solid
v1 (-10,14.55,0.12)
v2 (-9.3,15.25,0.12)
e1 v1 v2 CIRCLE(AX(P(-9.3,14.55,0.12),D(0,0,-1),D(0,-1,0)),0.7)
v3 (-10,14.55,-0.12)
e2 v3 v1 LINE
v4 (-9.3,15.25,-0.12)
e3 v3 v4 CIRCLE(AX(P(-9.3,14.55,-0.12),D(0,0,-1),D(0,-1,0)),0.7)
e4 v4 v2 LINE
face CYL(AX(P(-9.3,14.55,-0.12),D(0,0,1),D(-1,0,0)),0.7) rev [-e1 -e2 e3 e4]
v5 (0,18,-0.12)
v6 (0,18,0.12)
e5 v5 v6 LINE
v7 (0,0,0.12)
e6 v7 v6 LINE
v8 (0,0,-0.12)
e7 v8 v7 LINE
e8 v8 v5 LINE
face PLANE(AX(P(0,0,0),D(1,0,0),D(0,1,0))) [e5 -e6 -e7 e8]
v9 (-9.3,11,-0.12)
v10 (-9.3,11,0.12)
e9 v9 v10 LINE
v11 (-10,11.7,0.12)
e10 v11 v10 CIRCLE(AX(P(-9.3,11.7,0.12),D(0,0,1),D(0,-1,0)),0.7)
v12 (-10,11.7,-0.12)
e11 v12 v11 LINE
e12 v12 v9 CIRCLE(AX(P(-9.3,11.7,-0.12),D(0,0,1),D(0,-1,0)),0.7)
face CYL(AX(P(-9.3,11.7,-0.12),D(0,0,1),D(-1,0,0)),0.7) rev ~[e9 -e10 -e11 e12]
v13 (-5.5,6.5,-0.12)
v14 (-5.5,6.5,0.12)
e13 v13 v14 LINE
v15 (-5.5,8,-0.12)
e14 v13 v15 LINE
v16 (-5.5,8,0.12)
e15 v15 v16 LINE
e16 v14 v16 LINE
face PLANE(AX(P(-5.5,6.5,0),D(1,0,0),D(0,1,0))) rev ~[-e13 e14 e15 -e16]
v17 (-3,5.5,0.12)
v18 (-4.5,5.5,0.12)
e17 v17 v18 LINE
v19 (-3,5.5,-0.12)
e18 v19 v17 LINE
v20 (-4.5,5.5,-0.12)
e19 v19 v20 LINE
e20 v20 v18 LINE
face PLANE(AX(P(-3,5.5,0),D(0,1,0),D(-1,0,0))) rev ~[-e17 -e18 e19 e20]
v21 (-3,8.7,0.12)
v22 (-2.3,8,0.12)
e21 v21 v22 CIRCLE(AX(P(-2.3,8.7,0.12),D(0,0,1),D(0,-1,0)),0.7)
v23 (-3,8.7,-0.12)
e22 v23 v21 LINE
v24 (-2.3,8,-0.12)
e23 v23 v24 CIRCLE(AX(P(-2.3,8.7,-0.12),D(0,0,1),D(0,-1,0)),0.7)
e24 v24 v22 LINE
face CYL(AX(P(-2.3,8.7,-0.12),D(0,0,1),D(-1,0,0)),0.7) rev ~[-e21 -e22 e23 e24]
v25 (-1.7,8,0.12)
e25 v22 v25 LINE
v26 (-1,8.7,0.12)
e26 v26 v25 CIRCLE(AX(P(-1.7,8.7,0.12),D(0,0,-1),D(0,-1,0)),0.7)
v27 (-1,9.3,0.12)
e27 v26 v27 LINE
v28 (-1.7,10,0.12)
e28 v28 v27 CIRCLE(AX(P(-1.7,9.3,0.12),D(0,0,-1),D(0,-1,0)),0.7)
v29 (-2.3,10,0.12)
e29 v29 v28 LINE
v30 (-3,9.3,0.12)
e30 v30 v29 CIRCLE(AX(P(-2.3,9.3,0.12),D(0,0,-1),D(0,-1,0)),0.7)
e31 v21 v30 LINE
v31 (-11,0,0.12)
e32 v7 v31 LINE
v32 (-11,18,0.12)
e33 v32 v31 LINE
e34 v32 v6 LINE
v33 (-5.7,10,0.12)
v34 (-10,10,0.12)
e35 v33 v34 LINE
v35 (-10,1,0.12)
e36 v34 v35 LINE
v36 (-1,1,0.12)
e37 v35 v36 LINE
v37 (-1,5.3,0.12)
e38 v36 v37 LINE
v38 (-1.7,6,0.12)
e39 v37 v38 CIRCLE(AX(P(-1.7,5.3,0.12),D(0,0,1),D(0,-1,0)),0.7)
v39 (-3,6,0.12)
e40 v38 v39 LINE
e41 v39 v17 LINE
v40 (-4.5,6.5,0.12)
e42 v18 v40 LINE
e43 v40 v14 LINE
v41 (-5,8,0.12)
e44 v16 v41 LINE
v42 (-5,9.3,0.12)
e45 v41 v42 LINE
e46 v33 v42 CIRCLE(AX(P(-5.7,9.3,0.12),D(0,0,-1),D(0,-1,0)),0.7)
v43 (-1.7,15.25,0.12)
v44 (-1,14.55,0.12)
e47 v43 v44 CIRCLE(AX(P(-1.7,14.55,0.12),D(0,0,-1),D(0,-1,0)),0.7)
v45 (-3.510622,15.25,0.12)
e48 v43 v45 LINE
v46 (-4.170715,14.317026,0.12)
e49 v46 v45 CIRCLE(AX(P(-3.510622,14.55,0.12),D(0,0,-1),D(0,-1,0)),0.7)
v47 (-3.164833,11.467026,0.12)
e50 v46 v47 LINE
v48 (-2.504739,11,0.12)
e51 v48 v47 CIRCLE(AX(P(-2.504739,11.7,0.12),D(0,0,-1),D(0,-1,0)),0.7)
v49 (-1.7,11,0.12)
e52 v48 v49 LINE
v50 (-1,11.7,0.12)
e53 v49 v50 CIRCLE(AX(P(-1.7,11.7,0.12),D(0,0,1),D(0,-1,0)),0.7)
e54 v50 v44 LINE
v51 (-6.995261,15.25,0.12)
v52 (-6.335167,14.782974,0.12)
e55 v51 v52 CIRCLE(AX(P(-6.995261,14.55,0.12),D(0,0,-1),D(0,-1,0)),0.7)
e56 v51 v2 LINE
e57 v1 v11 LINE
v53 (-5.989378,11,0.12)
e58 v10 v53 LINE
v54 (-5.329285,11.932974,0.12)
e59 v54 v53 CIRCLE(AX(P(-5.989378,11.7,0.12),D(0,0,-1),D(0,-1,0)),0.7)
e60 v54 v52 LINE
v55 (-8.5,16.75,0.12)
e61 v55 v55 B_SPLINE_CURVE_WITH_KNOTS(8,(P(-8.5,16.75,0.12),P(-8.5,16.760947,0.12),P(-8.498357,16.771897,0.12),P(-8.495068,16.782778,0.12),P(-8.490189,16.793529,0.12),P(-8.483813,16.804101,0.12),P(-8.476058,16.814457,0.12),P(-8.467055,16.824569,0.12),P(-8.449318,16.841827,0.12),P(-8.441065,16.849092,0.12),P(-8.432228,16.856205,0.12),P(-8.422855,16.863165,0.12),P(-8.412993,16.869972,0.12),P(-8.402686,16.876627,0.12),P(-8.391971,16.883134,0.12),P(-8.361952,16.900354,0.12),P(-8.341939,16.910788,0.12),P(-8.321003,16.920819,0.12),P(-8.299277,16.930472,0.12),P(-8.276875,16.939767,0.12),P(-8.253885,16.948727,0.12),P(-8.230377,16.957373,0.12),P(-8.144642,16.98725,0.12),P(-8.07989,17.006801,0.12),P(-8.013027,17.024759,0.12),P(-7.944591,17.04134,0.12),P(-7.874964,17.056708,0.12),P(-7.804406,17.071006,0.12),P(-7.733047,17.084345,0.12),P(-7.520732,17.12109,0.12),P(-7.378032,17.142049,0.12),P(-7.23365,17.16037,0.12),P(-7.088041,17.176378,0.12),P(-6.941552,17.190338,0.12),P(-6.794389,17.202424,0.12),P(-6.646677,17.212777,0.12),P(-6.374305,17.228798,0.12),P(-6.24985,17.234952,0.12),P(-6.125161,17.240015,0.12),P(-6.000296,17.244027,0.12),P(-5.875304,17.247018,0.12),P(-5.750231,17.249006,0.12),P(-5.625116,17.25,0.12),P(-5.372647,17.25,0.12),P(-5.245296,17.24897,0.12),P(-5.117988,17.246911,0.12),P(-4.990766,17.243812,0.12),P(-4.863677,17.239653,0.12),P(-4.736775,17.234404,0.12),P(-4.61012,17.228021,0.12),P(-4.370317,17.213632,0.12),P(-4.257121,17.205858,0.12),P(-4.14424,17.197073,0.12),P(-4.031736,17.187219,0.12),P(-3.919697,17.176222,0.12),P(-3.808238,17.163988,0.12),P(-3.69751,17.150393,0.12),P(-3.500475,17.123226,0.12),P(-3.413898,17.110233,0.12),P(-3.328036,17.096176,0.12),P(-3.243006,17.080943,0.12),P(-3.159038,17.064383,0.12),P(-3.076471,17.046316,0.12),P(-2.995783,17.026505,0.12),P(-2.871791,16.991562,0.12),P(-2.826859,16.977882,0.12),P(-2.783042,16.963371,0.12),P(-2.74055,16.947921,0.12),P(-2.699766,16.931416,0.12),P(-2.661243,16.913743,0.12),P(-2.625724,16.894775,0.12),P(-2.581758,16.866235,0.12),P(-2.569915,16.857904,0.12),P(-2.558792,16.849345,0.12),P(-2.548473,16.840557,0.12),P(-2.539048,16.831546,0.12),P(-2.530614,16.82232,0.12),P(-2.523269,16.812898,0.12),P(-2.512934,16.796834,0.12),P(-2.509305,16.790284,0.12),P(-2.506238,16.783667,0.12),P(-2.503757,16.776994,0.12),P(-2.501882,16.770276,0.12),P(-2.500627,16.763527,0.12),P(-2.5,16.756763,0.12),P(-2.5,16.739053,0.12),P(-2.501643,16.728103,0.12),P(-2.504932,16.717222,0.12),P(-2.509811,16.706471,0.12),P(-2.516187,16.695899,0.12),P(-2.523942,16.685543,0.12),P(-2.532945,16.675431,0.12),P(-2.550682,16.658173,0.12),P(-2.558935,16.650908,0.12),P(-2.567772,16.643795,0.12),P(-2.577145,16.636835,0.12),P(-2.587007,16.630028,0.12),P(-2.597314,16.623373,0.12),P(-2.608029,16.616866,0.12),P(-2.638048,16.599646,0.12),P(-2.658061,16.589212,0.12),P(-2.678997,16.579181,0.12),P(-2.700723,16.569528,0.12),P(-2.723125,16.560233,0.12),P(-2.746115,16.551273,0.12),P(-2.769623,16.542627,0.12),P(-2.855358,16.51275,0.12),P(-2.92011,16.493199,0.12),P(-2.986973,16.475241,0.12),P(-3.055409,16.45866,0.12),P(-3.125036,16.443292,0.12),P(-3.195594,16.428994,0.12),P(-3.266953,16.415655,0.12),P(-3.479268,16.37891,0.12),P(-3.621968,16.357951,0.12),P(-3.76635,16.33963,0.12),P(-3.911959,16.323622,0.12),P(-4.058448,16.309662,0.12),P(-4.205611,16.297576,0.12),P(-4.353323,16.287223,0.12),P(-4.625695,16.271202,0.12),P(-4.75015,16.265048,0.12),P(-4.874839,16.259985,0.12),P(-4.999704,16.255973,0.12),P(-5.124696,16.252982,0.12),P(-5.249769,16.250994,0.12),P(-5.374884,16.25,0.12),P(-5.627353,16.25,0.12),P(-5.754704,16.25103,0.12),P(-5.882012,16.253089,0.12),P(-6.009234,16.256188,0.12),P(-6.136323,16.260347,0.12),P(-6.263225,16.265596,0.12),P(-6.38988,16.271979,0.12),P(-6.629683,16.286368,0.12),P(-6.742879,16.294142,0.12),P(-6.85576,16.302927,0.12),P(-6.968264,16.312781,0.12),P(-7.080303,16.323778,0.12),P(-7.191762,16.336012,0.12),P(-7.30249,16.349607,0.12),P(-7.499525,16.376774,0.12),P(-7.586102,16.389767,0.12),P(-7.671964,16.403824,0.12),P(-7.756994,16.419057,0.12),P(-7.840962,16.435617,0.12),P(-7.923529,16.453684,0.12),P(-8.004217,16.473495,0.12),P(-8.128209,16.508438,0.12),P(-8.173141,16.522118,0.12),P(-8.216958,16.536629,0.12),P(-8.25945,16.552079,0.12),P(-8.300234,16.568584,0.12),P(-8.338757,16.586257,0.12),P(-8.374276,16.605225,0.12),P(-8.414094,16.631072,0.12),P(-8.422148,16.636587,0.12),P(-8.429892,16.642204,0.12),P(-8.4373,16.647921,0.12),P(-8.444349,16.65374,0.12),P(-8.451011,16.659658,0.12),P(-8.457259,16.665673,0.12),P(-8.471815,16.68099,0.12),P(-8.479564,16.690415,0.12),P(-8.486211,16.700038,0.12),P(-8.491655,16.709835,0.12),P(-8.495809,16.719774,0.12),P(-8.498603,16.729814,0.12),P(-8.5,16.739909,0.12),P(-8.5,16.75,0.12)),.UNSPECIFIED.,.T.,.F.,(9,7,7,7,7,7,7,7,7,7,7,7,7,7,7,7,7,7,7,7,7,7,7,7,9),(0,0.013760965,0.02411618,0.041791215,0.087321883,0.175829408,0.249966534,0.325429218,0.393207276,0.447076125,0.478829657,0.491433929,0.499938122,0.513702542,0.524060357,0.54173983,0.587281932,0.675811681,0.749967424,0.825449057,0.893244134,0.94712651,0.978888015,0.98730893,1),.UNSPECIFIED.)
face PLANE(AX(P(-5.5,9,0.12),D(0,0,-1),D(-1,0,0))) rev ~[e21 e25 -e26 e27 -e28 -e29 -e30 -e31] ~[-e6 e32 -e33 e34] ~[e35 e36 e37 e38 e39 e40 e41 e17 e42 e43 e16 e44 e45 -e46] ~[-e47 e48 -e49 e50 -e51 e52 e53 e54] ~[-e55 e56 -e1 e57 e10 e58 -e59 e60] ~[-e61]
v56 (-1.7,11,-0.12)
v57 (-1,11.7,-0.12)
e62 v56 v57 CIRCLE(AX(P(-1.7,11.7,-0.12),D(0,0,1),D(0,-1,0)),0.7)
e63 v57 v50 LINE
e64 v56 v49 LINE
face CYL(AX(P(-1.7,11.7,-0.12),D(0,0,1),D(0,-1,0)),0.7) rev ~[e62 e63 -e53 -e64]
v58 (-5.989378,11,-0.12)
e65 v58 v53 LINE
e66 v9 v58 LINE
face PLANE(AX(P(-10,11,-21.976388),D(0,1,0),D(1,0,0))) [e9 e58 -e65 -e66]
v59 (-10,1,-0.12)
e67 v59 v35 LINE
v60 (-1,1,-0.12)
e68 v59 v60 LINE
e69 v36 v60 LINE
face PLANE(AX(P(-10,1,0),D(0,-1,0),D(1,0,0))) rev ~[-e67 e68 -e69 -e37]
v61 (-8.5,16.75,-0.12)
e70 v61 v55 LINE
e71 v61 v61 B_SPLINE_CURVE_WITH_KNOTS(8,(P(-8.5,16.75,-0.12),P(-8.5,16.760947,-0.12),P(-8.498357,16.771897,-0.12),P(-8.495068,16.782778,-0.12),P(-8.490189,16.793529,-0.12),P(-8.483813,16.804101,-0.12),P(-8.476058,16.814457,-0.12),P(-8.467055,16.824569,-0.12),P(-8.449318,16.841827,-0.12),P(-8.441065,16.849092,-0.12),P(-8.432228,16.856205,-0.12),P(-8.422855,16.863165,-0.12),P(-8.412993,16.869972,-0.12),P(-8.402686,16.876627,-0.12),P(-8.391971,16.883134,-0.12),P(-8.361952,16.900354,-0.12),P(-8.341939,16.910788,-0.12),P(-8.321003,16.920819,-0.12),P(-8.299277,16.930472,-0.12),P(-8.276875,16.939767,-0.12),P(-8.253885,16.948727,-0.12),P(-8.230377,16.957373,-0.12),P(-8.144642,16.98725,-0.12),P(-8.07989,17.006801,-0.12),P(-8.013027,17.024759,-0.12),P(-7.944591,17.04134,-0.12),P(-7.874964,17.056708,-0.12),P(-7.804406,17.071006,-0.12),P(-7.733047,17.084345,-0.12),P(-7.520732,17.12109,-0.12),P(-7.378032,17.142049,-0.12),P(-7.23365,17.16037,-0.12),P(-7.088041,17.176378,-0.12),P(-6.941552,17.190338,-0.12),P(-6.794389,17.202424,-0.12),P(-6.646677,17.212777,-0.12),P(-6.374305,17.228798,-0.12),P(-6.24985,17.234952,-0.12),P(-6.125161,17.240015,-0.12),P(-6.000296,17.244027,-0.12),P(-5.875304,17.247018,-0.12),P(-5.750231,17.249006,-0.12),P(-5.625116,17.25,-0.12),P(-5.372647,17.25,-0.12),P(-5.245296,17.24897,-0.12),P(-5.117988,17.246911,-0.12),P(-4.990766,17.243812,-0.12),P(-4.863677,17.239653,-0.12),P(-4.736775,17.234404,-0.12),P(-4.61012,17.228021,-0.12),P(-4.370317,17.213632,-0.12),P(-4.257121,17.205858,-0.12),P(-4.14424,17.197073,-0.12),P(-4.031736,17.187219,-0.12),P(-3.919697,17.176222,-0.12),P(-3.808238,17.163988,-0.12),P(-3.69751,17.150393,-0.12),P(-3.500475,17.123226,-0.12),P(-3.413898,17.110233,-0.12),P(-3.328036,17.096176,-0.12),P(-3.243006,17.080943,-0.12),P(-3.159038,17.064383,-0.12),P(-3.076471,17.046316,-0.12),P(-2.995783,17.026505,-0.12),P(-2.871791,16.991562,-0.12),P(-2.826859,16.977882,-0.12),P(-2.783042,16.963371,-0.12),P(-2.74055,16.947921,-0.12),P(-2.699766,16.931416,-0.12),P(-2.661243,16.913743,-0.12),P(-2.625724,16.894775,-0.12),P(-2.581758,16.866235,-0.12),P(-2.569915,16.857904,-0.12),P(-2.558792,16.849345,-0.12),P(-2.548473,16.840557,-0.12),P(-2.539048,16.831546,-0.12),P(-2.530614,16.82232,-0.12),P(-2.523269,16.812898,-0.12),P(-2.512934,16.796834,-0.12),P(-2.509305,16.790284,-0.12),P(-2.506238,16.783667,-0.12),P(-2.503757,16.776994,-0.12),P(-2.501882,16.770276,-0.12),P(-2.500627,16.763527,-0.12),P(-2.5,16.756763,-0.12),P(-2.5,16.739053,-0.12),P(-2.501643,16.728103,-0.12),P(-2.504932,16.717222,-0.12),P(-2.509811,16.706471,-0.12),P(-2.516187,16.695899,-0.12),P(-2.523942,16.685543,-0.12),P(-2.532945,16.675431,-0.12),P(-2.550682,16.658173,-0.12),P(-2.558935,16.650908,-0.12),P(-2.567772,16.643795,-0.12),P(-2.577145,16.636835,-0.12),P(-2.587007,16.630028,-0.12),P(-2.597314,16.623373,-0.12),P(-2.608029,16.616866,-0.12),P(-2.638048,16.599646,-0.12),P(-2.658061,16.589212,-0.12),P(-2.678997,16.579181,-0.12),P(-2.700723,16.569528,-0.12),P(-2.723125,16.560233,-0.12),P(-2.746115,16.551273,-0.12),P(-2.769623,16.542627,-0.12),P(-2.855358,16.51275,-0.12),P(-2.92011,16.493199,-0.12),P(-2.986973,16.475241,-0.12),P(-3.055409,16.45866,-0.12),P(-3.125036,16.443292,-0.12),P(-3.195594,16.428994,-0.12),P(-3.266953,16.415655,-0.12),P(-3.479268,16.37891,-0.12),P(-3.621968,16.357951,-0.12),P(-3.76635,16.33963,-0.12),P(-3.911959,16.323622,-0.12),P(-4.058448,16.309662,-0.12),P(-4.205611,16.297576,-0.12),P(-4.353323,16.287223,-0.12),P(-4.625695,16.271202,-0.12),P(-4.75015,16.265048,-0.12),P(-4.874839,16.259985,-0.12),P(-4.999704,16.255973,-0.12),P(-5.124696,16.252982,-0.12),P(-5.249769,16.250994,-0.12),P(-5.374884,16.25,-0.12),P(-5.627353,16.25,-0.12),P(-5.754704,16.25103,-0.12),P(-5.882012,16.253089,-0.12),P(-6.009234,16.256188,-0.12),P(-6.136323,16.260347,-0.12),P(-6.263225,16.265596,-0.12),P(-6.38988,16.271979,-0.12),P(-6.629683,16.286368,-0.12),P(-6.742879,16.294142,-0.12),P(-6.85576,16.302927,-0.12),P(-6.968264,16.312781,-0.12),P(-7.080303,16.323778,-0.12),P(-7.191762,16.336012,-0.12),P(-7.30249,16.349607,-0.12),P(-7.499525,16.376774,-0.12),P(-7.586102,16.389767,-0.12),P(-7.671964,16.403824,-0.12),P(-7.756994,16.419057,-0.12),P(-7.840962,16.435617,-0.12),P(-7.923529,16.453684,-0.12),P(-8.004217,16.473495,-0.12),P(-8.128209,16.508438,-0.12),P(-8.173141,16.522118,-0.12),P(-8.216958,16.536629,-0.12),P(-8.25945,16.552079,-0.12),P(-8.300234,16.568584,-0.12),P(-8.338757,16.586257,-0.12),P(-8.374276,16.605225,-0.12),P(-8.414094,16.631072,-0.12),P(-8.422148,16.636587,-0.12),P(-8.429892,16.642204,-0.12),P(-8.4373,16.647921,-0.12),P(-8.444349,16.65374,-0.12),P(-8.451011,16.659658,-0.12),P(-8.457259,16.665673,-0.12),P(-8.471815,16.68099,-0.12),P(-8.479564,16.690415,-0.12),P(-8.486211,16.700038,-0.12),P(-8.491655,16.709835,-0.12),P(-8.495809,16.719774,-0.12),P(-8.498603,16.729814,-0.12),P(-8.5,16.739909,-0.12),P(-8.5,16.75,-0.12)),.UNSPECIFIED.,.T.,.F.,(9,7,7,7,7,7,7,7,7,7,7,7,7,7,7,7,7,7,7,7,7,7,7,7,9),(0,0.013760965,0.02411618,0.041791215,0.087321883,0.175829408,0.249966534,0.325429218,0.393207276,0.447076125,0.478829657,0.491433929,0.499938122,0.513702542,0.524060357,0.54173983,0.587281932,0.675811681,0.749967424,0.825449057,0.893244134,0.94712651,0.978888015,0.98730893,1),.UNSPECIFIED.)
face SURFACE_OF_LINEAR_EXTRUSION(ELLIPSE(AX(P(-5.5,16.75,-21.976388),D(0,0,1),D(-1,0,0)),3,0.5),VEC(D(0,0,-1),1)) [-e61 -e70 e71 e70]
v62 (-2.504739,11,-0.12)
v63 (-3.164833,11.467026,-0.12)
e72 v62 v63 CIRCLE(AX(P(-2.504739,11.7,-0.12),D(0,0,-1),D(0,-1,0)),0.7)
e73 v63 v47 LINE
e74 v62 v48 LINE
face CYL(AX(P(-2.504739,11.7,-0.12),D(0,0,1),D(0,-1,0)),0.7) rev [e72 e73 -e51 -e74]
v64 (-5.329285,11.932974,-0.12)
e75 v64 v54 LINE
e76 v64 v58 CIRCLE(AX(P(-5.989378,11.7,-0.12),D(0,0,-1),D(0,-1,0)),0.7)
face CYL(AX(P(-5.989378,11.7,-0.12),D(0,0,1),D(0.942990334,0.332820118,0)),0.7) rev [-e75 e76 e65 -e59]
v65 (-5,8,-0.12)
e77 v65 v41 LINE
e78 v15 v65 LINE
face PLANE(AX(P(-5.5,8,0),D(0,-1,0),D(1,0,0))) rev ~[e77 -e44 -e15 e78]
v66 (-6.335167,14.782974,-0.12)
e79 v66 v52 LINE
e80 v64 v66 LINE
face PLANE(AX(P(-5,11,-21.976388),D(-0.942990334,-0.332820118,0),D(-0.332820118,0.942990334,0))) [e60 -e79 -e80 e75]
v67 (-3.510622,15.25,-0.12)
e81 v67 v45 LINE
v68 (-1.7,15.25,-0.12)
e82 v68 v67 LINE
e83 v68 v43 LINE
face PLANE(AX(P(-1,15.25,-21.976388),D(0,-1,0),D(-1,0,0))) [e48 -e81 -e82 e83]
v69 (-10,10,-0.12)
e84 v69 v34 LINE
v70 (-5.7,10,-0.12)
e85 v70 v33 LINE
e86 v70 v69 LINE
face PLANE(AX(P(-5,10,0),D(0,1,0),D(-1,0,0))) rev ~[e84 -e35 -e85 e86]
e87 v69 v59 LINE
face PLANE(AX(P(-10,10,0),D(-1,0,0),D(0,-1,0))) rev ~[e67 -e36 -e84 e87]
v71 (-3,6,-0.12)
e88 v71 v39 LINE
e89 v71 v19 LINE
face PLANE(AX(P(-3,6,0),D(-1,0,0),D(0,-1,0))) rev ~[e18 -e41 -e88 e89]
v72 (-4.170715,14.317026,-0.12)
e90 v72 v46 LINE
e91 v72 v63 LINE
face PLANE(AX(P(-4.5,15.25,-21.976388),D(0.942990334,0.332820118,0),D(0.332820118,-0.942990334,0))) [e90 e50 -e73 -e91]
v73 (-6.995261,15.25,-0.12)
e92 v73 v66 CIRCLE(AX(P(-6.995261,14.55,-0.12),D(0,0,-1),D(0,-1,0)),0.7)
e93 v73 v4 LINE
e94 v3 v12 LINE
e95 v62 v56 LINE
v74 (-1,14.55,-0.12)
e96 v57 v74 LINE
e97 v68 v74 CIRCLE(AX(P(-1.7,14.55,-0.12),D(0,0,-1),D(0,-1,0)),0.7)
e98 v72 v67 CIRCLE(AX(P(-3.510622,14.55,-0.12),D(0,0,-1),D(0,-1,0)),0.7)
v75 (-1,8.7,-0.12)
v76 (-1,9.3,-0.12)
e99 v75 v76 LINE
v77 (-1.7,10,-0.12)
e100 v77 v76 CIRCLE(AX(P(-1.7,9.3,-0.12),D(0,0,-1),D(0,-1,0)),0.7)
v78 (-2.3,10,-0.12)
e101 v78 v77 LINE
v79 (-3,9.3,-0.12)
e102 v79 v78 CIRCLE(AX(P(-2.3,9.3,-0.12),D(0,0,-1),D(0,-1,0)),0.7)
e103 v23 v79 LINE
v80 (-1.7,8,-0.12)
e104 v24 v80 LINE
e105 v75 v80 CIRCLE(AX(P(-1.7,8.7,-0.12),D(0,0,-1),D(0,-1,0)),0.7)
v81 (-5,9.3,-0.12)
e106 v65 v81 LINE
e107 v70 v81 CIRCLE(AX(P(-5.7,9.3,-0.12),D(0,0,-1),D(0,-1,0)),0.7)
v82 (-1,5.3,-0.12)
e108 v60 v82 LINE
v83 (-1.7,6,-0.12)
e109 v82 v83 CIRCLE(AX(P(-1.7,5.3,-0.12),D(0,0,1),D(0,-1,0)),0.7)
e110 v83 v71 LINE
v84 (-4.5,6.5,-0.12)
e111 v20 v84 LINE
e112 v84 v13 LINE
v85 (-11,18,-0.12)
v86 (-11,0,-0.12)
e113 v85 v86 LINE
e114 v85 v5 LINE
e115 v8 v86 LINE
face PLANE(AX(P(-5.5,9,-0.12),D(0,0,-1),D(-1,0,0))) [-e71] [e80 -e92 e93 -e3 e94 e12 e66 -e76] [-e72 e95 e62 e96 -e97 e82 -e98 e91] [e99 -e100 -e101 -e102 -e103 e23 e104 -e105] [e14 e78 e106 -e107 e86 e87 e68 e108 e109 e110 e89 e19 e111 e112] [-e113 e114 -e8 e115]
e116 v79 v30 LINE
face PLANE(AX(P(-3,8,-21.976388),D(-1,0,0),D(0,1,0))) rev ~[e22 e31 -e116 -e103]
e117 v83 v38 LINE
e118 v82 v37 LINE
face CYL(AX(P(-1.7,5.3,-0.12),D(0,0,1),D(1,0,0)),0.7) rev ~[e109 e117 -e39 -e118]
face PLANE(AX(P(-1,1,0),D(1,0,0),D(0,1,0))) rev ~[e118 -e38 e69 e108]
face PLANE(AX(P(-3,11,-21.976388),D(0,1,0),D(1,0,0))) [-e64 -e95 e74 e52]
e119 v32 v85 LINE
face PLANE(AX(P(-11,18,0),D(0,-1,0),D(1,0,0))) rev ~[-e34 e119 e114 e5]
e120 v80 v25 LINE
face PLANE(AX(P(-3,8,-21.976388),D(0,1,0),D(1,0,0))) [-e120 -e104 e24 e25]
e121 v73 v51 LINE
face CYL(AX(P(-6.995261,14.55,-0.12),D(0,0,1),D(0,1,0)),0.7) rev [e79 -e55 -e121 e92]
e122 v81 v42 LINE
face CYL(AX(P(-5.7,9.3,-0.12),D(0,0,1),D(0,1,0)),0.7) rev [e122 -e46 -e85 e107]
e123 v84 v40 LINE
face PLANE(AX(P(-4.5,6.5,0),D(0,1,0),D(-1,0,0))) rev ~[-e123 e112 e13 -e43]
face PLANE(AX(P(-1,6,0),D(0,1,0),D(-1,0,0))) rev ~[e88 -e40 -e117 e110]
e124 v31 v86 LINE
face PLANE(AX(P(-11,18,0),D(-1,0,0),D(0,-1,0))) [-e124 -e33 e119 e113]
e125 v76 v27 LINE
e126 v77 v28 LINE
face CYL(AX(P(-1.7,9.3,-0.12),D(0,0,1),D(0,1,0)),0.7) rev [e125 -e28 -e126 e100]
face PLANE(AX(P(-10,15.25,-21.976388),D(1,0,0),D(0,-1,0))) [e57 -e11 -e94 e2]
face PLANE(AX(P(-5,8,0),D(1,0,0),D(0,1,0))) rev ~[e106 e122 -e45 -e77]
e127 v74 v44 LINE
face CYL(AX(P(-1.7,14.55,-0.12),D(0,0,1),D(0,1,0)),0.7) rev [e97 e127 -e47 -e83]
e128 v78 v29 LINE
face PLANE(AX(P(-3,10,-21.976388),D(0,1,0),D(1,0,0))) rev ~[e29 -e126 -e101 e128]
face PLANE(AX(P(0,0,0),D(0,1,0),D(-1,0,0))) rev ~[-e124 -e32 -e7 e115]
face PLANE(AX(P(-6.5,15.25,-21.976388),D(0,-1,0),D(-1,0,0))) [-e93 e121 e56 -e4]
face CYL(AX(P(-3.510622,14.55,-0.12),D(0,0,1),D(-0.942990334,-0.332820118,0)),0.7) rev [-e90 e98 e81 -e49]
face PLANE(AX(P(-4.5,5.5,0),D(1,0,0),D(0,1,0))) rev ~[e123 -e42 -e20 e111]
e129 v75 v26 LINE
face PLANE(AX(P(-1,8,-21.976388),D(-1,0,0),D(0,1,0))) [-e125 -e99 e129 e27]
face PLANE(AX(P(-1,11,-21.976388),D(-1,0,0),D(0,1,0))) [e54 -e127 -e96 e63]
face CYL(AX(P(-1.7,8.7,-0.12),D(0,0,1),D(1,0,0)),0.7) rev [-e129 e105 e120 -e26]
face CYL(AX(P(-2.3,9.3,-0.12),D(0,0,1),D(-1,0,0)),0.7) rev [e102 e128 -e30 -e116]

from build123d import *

# Parameters (mm, degrees)
BOSS_EXTRUDE1_DEPTH     = 0.12
CUT_EXTRUDE1_DEPTH      = 22.096388316
CUT_EXTRUDE1_DEPTH_BACK = 22.096388316
SKETCH3_RX              = 3
SKETCH3_RY              = 0.5
SKETCH3_W               = 2
SKETCH3_H               = 2
FILLET1_R               = 0.7


with BuildPart() as part:
    # Sketch1 → Boss-Extrude1 (new, symmetric)
    with BuildSketch(Plane.XY):
        Polygon((0, 0), (-11, 0), (-11, 11), (-11, 18), (0, 18), (0, 11), align=None)
        Polygon((-1, 1), (-1, 6), (-3, 6), (-3, 5.5), (-4.5, 5.5), (-4.5, 6.5), (-5.5, 6.5), (-5.5, 8), (-5, 8), (-5, 10), (-10, 10), (-10, 1), align=None, mode=Mode.SUBTRACT)
    extrude(amount=BOSS_EXTRUDE1_DEPTH, both=True)

    # Sketch3 → Cut-Extrude1 (cut, two sides: drawn at the far end of the back side and taken through both)
    with BuildSketch(Plane.XY.offset(0.12).offset(-CUT_EXTRUDE1_DEPTH_BACK)):
        with Locations(Location((-5.5, 16.75), (0, 0, 180))):
            Ellipse(SKETCH3_RX, SKETCH3_RY)
        Polygon((-10, 11), (-5, 11), (-6.5, 15.25), (-10, 15.25), align=None)
        Polygon((-1, 11), (-1, 15.25), (-4.5, 15.25), (-3, 11), align=None)
        with Locations((-2, 9)):
            Rectangle(SKETCH3_W, SKETCH3_H)
    extrude(amount=CUT_EXTRUDE1_DEPTH + CUT_EXTRUDE1_DEPTH_BACK, mode=Mode.SUBTRACT)

    # Fillet1
    fillet1_edges = [part.edges().sort_by_distance(p)[0] for p in [
        (-1, 6, 0),
        (-5, 10, 0),
        (-1, 10, 0),
        (-1, 8, 0),
        (-3, 8, 0),
        (-3, 10, 0),
        (-4.5, 15.25, 0),
        (-1, 15.25, 0),
        (-1, 11, 0),
        (-3, 11, 0),
        (-10, 11, 0),
        (-10, 15.25, 0),
        (-6.5, 15.25, 0),
        (-5, 11, 0),
    ]]
    fillet(fillet1_edges, radius=FILLET1_R)


solid = part.part
